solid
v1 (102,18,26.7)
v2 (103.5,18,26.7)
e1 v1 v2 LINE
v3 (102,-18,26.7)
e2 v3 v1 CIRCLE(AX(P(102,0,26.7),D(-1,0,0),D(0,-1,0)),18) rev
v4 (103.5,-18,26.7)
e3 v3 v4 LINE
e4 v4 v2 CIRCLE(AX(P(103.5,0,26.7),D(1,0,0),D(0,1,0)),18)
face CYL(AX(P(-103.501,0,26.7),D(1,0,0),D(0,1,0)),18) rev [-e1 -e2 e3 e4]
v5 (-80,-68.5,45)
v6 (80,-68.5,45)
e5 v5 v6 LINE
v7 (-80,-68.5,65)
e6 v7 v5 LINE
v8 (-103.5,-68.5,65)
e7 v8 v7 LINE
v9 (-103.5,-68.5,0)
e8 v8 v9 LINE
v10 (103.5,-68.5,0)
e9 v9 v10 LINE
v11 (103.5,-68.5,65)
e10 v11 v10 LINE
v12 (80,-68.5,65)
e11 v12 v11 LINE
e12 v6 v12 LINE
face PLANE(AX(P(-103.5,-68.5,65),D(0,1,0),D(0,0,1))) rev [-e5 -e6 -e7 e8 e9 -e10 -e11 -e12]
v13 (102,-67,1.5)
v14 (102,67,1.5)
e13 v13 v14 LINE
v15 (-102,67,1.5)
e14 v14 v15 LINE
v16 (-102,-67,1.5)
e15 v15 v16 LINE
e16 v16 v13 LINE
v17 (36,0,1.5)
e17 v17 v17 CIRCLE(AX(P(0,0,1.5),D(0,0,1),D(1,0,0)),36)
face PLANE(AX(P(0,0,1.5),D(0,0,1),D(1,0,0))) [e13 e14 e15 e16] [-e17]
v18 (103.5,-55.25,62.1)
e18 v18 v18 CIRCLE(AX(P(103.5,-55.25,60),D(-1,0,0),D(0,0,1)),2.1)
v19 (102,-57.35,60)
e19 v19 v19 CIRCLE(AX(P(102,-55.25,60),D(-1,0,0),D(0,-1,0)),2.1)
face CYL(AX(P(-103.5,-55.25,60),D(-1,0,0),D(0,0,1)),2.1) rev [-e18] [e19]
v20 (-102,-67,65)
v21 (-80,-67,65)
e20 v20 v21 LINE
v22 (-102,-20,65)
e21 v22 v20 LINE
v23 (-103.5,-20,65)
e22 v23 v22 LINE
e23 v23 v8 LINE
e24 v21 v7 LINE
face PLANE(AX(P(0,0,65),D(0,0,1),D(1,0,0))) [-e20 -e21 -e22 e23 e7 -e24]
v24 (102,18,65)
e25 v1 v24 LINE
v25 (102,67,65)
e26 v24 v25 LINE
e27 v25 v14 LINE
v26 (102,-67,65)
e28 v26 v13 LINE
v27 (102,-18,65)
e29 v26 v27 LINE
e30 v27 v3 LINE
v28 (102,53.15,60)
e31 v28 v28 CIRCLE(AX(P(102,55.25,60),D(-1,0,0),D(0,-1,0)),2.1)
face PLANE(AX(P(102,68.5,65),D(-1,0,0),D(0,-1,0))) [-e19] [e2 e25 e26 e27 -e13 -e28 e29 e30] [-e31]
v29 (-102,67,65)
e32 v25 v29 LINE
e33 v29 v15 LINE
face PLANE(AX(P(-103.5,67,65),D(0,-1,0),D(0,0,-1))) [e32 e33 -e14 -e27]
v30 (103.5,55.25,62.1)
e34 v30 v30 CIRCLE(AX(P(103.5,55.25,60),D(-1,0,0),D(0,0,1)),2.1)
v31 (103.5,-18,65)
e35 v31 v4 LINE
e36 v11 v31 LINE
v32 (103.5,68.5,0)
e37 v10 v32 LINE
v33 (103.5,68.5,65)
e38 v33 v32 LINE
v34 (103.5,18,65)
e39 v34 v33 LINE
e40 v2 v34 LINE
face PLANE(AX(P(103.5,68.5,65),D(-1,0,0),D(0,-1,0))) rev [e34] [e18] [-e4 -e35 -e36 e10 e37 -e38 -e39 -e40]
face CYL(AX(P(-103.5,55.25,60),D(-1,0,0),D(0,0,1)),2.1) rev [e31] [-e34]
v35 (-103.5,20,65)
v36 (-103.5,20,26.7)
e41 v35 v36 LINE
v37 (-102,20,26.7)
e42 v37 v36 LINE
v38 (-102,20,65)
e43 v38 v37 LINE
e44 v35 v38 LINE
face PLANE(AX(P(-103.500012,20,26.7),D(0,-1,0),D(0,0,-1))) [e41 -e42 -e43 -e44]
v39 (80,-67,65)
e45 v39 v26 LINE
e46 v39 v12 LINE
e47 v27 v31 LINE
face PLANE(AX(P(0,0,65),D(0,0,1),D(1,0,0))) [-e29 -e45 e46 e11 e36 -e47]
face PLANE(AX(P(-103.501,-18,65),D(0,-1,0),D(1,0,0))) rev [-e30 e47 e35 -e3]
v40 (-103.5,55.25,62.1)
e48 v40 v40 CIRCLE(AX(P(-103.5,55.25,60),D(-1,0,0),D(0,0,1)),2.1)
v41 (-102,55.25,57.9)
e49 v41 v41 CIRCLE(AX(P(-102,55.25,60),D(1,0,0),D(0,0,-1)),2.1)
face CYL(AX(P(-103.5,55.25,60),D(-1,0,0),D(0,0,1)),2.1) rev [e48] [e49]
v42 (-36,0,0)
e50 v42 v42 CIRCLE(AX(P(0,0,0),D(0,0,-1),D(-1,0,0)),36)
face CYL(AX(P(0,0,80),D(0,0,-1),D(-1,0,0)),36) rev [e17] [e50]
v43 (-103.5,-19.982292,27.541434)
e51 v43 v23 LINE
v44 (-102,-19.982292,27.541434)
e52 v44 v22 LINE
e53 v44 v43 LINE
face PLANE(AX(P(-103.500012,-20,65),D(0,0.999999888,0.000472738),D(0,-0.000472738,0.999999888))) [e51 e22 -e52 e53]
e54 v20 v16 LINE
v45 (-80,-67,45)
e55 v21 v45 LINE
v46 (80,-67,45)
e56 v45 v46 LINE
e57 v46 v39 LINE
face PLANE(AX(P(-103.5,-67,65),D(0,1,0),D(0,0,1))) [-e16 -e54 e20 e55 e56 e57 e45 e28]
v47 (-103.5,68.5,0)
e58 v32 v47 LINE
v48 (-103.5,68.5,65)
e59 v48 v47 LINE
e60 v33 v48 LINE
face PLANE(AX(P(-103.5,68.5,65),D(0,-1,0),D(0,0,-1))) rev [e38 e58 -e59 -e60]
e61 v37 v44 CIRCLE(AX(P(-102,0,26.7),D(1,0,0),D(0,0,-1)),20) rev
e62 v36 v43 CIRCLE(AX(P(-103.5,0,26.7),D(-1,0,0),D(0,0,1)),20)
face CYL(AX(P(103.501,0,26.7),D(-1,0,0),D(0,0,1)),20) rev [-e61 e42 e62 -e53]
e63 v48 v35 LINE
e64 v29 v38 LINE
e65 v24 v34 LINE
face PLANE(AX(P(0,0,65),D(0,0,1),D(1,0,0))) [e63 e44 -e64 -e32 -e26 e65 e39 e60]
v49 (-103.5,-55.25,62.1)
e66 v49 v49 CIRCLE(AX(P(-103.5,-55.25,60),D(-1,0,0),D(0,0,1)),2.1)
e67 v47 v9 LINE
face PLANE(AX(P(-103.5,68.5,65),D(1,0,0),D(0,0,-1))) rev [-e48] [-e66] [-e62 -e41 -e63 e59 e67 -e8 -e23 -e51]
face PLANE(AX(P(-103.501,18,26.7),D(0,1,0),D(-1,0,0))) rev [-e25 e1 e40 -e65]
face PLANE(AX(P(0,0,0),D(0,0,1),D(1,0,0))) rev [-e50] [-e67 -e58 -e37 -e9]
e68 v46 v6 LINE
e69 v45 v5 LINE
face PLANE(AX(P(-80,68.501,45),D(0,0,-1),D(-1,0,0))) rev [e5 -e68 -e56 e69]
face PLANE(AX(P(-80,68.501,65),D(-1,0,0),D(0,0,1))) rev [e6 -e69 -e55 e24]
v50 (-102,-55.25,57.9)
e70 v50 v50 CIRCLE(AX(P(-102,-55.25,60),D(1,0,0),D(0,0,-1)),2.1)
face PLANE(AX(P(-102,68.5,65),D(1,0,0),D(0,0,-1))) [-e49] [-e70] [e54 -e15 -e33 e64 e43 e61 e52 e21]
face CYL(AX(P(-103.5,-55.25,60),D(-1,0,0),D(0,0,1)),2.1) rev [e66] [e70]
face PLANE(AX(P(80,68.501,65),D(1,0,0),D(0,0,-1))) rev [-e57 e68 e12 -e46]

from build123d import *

# Parameters (mm, degrees)
SKETCH_1_W                      = 207
SKETCH_1_H                      = 137
EXTRUDE_1_DEPTH                 = 65
SHELL_1_T                       = -1.5
SKETCH_2_R                      = 36
CUT_EXTRUDE_1_DEPTH             = 80
CUT_EXTRUDE_2_REACH             = 229.522
CUT_EXTRUDE_3_REACH             = 229.522
CUT_EXTRUDE_3_DIRECTION_2_DEPTH = 228.52197696
HOLE_WIZARD_M5_3_D              = 4.2
CUT_EXTRUDE_4_REACH             = 185.593
SKETCH_6_W                      = 160
SKETCH_6_H                      = 20


with BuildPart() as part:
    # 草图1 → 凸台-拉伸1 (new body)
    with BuildSketch(Plane.XY):
        Rectangle(SKETCH_1_W, SKETCH_1_H)
    extrude(amount=EXTRUDE_1_DEPTH)

    # 抽壳1
    shell_1_openings = [part.faces().sort_by_distance(p)[0] for p in [
        (0, 0, 65),
    ]]
    offset(amount=SHELL_1_T, openings=shell_1_openings, kind=Kind.INTERSECTION)

    # 草图2 → 切除-拉伸1 (cut)
    with BuildSketch(Plane(origin=(0, 0, 0), x_dir=(-1, 0, 0), z_dir=(0, 0, -1))):
        Circle(SKETCH_2_R)
    extrude(amount=-CUT_EXTRUDE_1_DEPTH, mode=Mode.SUBTRACT)

    # 草图4 → 切除-拉伸2 (cut, up to next)
    with BuildSketch(Plane(origin=(103.5, 0, 0), x_dir=(0, 0, -1), z_dir=(1, 0, 0)), mode=Mode.PRIVATE) as cut_extrude_2_sk1:
        with BuildLine():
            Line((-26.7, 18), (-65, 18))
            Line((-65, 18), (-65, -18))
            Line((-65, -18), (-26.7, -18))
            ThreePointArc((-26.7, -18), (-8.7, 0), (-26.7, 18))
        make_face()
    cut_extrude_2_tool1 = extrude(cut_extrude_2_sk1.sketch, amount=-CUT_EXTRUDE_2_REACH, mode=Mode.PRIVATE) & part.part
    add(cut_extrude_2_tool1.solids().sort_by_distance((103.5, 0, 38.627513))[0], mode=Mode.SUBTRACT)

    # 草图5 → 切除-拉伸3 (cut, up to next)
    with BuildSketch(Plane.ZY.offset(103.5), mode=Mode.PRIVATE) as cut_extrude_3_sk1:
        with BuildLine():
            Line((26.7, 20), (65, 20))
            Line((65, 20), (65, -20))
            Line((65, -20), (27.541433506, -19.982291902))
            ThreePointArc((27.541433506, -19.982291902), (6.704427515, -0.42080991), (26.7, 20))
        make_face()
    cut_extrude_3_tool1 = extrude(cut_extrude_3_sk1.sketch, amount=-CUT_EXTRUDE_3_REACH, mode=Mode.PRIVATE) & part.part
    add(cut_extrude_3_tool1.solids().sort_by_distance((-103.5, 0.003116, 37.811224))[0], mode=Mode.SUBTRACT)

    # 草图5 → 切除-拉伸3 direction 2 (cut)
    with BuildSketch(Plane.ZY.offset(103.5)):
        with BuildLine():
            Line((26.7, 20), (65, 20))
            Line((65, 20), (65, -20))
            Line((65, -20), (27.541433506, -19.982291902))
            ThreePointArc((27.541433506, -19.982291902), (6.704427515, -0.42080991), (26.7, 20))
        make_face()
    extrude(amount=CUT_EXTRUDE_3_DIRECTION_2_DEPTH, mode=Mode.SUBTRACT)

    # M5 螺纹槽口的螺纹槽口钻头3 (through all)
    with Locations(Plane.ZY.offset(103.5)):
        with Locations((60, 55.25), (60, -55.25)):
            Hole(HOLE_WIZARD_M5_3_D / 2)

    # 草图6 → 切除-拉伸4 (cut, up to next)
    with BuildSketch(Plane.XZ.offset(68.5), mode=Mode.PRIVATE) as cut_extrude_4_sk1:
        with Locations((0, 55)):
            Rectangle(SKETCH_6_W, SKETCH_6_H)
    cut_extrude_4_tool1 = extrude(cut_extrude_4_sk1.sketch, amount=-CUT_EXTRUDE_4_REACH, mode=Mode.PRIVATE) & part.part
    add(cut_extrude_4_tool1.solids().sort_by_distance((0, -68.5, 55))[0], mode=Mode.SUBTRACT)


solid = part.part
